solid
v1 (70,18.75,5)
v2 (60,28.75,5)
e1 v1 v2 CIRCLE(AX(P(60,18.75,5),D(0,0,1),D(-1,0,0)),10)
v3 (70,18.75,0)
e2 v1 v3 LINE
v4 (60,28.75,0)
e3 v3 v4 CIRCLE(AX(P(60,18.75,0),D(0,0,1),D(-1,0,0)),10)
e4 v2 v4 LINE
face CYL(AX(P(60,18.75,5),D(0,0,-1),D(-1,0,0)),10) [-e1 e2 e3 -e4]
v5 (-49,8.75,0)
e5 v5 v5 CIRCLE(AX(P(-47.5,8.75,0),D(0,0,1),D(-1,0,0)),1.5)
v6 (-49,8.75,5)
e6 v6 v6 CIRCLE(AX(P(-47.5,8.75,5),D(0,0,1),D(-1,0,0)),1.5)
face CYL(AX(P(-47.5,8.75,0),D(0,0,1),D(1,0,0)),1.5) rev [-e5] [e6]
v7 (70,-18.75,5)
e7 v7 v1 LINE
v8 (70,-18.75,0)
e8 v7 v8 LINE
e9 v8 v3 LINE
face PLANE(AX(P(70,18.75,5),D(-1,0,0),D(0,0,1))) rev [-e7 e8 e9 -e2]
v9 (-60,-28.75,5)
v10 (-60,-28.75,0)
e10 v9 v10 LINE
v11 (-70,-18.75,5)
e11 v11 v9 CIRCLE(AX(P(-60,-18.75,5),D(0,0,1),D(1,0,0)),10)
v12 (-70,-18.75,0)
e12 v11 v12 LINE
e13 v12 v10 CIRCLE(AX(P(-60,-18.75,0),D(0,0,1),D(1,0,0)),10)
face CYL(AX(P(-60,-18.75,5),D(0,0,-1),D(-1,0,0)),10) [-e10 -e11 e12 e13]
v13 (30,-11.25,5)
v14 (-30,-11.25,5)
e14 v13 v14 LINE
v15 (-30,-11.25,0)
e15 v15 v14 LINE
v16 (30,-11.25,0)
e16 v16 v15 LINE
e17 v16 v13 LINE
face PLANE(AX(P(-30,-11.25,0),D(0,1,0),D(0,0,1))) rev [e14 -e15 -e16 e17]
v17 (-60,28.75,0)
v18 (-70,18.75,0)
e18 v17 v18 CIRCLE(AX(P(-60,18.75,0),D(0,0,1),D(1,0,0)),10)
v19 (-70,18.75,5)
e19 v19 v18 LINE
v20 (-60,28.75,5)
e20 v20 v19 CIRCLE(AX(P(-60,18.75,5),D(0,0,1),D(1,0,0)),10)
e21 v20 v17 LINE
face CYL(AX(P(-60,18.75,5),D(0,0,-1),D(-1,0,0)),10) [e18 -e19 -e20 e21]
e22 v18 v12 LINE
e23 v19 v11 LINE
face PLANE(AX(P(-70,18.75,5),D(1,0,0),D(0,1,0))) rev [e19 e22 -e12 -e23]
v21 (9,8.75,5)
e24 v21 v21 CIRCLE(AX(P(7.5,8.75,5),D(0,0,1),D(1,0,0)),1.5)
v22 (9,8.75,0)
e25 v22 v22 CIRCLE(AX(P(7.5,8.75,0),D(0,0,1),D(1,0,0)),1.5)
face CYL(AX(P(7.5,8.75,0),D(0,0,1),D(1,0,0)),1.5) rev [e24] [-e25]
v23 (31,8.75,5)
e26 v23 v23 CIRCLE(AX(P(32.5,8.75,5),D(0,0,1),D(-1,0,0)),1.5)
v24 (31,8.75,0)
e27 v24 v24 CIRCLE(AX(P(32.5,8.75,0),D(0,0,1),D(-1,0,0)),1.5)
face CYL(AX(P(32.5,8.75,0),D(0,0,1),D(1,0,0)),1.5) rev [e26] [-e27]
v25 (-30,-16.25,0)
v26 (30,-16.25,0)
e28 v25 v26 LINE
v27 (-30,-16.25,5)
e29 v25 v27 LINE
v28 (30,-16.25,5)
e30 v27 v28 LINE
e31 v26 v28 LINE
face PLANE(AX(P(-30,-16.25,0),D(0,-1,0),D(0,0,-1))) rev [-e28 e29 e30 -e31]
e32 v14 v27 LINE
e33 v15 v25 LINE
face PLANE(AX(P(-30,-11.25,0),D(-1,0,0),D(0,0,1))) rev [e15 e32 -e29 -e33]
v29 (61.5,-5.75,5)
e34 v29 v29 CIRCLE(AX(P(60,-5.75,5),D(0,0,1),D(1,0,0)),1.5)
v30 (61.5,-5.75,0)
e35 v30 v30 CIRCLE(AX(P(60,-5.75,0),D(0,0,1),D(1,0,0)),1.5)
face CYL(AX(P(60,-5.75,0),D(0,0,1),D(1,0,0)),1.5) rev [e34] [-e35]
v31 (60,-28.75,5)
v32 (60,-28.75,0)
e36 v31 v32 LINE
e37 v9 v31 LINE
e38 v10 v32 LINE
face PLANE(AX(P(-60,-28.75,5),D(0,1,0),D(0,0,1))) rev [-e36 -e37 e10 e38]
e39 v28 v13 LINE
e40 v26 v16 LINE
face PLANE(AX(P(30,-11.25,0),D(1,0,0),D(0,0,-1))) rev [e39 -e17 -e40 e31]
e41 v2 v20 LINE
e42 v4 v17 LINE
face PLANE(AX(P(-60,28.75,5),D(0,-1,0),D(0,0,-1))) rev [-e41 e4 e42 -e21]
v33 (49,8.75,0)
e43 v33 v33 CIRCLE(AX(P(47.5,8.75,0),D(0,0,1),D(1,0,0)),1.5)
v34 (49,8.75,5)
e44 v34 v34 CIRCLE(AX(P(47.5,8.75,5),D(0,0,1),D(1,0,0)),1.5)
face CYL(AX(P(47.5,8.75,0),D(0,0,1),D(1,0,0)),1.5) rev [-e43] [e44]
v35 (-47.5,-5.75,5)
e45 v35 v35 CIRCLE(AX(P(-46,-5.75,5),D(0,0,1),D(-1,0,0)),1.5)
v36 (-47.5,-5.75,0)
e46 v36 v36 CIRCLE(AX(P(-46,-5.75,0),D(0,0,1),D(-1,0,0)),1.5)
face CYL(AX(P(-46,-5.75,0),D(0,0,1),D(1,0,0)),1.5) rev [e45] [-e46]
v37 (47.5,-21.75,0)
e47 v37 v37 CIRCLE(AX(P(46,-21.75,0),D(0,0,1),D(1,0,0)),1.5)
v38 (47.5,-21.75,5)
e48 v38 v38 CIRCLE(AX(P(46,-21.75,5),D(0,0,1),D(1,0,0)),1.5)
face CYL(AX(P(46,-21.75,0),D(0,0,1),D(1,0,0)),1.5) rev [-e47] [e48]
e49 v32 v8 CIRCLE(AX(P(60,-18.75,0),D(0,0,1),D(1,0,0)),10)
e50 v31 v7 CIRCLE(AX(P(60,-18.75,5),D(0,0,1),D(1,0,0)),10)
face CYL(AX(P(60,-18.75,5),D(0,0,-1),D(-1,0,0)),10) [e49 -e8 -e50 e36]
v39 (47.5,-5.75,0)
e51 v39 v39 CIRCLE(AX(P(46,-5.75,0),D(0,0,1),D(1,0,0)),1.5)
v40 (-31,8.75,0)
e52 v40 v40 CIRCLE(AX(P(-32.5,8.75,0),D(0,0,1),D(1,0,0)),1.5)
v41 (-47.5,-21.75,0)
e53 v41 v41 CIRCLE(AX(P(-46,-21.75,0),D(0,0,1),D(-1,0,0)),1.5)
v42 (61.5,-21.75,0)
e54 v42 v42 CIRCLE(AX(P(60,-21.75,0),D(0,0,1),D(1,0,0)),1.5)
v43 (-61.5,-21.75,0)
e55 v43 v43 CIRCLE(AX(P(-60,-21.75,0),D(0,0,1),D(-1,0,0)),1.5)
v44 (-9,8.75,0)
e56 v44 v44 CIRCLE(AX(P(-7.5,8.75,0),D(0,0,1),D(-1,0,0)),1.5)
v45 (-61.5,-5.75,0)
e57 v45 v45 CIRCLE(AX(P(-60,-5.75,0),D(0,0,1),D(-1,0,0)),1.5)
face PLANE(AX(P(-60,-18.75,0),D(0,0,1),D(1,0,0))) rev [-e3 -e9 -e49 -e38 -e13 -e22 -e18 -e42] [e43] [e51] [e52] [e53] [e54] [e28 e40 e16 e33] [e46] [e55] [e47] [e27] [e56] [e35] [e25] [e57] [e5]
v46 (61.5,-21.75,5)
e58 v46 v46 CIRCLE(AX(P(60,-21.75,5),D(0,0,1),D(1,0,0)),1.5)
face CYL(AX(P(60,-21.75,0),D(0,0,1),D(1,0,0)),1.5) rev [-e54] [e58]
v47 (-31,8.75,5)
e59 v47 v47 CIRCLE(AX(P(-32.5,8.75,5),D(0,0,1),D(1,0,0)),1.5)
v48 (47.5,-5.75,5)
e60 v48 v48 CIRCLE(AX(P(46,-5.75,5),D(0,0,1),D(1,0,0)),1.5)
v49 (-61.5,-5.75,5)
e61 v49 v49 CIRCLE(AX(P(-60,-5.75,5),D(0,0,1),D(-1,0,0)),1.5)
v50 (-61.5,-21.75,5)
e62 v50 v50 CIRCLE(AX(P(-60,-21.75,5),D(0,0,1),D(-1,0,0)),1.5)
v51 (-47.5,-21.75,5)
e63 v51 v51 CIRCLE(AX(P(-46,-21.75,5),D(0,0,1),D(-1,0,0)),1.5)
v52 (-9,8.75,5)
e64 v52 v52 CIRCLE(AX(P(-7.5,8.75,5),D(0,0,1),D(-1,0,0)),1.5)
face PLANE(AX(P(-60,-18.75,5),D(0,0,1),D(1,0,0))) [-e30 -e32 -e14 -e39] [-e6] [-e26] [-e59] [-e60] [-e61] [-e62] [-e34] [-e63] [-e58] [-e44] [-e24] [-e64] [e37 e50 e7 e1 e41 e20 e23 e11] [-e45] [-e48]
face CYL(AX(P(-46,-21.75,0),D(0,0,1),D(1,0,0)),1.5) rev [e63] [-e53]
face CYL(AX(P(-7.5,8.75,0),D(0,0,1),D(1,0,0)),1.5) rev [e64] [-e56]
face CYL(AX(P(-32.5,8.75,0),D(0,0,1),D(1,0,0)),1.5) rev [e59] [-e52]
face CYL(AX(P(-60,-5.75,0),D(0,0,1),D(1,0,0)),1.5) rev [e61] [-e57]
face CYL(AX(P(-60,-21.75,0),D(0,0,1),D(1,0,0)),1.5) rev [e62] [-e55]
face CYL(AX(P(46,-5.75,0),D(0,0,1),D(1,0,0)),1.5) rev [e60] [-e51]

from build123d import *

# Parameters (mm, degrees)
BOSS_EXTRUDE1_DEPTH = 5
SKETCH2_R           = 1.5
SKETCH2_W           = 60
SKETCH2_H           = 5
CUT_EXTRUDE1_DEPTH  = 5
SKETCH4_R           = 1.5
CUT_EXTRUDE2_DEPTH  = 5


with BuildPart() as part:
    # Sketch1 → Boss-Extrude1 (new body)
    with BuildSketch(Plane.XY):
        with BuildLine():
            Line((-60, 28.75), (60, 28.75))
            ThreePointArc((60, 28.75), (67.071067812, 25.821067812), (70, 18.75))
            Line((70, 18.75), (70, -18.75))
            ThreePointArc((70, -18.75), (67.071067812, -25.821067812), (60, -28.75))
            Line((60, -28.75), (-60, -28.75))
            ThreePointArc((-60, -28.75), (-67.071067812, -25.821067812), (-70, -18.75))
            Line((-70, -18.75), (-70, 18.75))
            ThreePointArc((-70, 18.75), (-67.071067812, 25.821067812), (-60, 28.75))
        make_face()
    extrude(amount=BOSS_EXTRUDE1_DEPTH)

    # Sketch2 → Cut-Extrude1 (cut)
    with BuildSketch(Plane.XY.offset(5)):
        with Locations((60, -5.75)):
            Circle(SKETCH2_R)
        with Locations((46, -5.75)):
            Circle(SKETCH2_R)
        with Locations((46, -21.75)):
            Circle(SKETCH2_R)
        with Locations((60, -21.75)):
            Circle(SKETCH2_R)
        with Locations((-46, -5.75)):
            Circle(SKETCH2_R)
        with Locations((-46, -21.75)):
            Circle(SKETCH2_R)
        with Locations((-60, -21.75)):
            Circle(SKETCH2_R)
        with Locations((-60, -5.75)):
            Circle(SKETCH2_R)
        with Locations((0, -13.75)):
            Rectangle(SKETCH2_W, SKETCH2_H)
    extrude(amount=-CUT_EXTRUDE1_DEPTH, mode=Mode.SUBTRACT)

    # Sketch4 → Cut-Extrude2 (cut)
    with BuildSketch(Plane.XY.offset(5)):
        with Locations((7.5, 8.75)):
            Circle(SKETCH4_R)
        with Locations((-7.5, 8.75)):
            Circle(SKETCH4_R)
        with Locations((47.5, 8.75)):
            Circle(SKETCH4_R)
        with Locations((32.5, 8.75)):
            Circle(SKETCH4_R)
        with Locations((-32.5, 8.75)):
            Circle(SKETCH4_R)
        with Locations((-47.5, 8.75)):
            Circle(SKETCH4_R)
    extrude(amount=-CUT_EXTRUDE2_DEPTH, mode=Mode.SUBTRACT)


solid = part.part
